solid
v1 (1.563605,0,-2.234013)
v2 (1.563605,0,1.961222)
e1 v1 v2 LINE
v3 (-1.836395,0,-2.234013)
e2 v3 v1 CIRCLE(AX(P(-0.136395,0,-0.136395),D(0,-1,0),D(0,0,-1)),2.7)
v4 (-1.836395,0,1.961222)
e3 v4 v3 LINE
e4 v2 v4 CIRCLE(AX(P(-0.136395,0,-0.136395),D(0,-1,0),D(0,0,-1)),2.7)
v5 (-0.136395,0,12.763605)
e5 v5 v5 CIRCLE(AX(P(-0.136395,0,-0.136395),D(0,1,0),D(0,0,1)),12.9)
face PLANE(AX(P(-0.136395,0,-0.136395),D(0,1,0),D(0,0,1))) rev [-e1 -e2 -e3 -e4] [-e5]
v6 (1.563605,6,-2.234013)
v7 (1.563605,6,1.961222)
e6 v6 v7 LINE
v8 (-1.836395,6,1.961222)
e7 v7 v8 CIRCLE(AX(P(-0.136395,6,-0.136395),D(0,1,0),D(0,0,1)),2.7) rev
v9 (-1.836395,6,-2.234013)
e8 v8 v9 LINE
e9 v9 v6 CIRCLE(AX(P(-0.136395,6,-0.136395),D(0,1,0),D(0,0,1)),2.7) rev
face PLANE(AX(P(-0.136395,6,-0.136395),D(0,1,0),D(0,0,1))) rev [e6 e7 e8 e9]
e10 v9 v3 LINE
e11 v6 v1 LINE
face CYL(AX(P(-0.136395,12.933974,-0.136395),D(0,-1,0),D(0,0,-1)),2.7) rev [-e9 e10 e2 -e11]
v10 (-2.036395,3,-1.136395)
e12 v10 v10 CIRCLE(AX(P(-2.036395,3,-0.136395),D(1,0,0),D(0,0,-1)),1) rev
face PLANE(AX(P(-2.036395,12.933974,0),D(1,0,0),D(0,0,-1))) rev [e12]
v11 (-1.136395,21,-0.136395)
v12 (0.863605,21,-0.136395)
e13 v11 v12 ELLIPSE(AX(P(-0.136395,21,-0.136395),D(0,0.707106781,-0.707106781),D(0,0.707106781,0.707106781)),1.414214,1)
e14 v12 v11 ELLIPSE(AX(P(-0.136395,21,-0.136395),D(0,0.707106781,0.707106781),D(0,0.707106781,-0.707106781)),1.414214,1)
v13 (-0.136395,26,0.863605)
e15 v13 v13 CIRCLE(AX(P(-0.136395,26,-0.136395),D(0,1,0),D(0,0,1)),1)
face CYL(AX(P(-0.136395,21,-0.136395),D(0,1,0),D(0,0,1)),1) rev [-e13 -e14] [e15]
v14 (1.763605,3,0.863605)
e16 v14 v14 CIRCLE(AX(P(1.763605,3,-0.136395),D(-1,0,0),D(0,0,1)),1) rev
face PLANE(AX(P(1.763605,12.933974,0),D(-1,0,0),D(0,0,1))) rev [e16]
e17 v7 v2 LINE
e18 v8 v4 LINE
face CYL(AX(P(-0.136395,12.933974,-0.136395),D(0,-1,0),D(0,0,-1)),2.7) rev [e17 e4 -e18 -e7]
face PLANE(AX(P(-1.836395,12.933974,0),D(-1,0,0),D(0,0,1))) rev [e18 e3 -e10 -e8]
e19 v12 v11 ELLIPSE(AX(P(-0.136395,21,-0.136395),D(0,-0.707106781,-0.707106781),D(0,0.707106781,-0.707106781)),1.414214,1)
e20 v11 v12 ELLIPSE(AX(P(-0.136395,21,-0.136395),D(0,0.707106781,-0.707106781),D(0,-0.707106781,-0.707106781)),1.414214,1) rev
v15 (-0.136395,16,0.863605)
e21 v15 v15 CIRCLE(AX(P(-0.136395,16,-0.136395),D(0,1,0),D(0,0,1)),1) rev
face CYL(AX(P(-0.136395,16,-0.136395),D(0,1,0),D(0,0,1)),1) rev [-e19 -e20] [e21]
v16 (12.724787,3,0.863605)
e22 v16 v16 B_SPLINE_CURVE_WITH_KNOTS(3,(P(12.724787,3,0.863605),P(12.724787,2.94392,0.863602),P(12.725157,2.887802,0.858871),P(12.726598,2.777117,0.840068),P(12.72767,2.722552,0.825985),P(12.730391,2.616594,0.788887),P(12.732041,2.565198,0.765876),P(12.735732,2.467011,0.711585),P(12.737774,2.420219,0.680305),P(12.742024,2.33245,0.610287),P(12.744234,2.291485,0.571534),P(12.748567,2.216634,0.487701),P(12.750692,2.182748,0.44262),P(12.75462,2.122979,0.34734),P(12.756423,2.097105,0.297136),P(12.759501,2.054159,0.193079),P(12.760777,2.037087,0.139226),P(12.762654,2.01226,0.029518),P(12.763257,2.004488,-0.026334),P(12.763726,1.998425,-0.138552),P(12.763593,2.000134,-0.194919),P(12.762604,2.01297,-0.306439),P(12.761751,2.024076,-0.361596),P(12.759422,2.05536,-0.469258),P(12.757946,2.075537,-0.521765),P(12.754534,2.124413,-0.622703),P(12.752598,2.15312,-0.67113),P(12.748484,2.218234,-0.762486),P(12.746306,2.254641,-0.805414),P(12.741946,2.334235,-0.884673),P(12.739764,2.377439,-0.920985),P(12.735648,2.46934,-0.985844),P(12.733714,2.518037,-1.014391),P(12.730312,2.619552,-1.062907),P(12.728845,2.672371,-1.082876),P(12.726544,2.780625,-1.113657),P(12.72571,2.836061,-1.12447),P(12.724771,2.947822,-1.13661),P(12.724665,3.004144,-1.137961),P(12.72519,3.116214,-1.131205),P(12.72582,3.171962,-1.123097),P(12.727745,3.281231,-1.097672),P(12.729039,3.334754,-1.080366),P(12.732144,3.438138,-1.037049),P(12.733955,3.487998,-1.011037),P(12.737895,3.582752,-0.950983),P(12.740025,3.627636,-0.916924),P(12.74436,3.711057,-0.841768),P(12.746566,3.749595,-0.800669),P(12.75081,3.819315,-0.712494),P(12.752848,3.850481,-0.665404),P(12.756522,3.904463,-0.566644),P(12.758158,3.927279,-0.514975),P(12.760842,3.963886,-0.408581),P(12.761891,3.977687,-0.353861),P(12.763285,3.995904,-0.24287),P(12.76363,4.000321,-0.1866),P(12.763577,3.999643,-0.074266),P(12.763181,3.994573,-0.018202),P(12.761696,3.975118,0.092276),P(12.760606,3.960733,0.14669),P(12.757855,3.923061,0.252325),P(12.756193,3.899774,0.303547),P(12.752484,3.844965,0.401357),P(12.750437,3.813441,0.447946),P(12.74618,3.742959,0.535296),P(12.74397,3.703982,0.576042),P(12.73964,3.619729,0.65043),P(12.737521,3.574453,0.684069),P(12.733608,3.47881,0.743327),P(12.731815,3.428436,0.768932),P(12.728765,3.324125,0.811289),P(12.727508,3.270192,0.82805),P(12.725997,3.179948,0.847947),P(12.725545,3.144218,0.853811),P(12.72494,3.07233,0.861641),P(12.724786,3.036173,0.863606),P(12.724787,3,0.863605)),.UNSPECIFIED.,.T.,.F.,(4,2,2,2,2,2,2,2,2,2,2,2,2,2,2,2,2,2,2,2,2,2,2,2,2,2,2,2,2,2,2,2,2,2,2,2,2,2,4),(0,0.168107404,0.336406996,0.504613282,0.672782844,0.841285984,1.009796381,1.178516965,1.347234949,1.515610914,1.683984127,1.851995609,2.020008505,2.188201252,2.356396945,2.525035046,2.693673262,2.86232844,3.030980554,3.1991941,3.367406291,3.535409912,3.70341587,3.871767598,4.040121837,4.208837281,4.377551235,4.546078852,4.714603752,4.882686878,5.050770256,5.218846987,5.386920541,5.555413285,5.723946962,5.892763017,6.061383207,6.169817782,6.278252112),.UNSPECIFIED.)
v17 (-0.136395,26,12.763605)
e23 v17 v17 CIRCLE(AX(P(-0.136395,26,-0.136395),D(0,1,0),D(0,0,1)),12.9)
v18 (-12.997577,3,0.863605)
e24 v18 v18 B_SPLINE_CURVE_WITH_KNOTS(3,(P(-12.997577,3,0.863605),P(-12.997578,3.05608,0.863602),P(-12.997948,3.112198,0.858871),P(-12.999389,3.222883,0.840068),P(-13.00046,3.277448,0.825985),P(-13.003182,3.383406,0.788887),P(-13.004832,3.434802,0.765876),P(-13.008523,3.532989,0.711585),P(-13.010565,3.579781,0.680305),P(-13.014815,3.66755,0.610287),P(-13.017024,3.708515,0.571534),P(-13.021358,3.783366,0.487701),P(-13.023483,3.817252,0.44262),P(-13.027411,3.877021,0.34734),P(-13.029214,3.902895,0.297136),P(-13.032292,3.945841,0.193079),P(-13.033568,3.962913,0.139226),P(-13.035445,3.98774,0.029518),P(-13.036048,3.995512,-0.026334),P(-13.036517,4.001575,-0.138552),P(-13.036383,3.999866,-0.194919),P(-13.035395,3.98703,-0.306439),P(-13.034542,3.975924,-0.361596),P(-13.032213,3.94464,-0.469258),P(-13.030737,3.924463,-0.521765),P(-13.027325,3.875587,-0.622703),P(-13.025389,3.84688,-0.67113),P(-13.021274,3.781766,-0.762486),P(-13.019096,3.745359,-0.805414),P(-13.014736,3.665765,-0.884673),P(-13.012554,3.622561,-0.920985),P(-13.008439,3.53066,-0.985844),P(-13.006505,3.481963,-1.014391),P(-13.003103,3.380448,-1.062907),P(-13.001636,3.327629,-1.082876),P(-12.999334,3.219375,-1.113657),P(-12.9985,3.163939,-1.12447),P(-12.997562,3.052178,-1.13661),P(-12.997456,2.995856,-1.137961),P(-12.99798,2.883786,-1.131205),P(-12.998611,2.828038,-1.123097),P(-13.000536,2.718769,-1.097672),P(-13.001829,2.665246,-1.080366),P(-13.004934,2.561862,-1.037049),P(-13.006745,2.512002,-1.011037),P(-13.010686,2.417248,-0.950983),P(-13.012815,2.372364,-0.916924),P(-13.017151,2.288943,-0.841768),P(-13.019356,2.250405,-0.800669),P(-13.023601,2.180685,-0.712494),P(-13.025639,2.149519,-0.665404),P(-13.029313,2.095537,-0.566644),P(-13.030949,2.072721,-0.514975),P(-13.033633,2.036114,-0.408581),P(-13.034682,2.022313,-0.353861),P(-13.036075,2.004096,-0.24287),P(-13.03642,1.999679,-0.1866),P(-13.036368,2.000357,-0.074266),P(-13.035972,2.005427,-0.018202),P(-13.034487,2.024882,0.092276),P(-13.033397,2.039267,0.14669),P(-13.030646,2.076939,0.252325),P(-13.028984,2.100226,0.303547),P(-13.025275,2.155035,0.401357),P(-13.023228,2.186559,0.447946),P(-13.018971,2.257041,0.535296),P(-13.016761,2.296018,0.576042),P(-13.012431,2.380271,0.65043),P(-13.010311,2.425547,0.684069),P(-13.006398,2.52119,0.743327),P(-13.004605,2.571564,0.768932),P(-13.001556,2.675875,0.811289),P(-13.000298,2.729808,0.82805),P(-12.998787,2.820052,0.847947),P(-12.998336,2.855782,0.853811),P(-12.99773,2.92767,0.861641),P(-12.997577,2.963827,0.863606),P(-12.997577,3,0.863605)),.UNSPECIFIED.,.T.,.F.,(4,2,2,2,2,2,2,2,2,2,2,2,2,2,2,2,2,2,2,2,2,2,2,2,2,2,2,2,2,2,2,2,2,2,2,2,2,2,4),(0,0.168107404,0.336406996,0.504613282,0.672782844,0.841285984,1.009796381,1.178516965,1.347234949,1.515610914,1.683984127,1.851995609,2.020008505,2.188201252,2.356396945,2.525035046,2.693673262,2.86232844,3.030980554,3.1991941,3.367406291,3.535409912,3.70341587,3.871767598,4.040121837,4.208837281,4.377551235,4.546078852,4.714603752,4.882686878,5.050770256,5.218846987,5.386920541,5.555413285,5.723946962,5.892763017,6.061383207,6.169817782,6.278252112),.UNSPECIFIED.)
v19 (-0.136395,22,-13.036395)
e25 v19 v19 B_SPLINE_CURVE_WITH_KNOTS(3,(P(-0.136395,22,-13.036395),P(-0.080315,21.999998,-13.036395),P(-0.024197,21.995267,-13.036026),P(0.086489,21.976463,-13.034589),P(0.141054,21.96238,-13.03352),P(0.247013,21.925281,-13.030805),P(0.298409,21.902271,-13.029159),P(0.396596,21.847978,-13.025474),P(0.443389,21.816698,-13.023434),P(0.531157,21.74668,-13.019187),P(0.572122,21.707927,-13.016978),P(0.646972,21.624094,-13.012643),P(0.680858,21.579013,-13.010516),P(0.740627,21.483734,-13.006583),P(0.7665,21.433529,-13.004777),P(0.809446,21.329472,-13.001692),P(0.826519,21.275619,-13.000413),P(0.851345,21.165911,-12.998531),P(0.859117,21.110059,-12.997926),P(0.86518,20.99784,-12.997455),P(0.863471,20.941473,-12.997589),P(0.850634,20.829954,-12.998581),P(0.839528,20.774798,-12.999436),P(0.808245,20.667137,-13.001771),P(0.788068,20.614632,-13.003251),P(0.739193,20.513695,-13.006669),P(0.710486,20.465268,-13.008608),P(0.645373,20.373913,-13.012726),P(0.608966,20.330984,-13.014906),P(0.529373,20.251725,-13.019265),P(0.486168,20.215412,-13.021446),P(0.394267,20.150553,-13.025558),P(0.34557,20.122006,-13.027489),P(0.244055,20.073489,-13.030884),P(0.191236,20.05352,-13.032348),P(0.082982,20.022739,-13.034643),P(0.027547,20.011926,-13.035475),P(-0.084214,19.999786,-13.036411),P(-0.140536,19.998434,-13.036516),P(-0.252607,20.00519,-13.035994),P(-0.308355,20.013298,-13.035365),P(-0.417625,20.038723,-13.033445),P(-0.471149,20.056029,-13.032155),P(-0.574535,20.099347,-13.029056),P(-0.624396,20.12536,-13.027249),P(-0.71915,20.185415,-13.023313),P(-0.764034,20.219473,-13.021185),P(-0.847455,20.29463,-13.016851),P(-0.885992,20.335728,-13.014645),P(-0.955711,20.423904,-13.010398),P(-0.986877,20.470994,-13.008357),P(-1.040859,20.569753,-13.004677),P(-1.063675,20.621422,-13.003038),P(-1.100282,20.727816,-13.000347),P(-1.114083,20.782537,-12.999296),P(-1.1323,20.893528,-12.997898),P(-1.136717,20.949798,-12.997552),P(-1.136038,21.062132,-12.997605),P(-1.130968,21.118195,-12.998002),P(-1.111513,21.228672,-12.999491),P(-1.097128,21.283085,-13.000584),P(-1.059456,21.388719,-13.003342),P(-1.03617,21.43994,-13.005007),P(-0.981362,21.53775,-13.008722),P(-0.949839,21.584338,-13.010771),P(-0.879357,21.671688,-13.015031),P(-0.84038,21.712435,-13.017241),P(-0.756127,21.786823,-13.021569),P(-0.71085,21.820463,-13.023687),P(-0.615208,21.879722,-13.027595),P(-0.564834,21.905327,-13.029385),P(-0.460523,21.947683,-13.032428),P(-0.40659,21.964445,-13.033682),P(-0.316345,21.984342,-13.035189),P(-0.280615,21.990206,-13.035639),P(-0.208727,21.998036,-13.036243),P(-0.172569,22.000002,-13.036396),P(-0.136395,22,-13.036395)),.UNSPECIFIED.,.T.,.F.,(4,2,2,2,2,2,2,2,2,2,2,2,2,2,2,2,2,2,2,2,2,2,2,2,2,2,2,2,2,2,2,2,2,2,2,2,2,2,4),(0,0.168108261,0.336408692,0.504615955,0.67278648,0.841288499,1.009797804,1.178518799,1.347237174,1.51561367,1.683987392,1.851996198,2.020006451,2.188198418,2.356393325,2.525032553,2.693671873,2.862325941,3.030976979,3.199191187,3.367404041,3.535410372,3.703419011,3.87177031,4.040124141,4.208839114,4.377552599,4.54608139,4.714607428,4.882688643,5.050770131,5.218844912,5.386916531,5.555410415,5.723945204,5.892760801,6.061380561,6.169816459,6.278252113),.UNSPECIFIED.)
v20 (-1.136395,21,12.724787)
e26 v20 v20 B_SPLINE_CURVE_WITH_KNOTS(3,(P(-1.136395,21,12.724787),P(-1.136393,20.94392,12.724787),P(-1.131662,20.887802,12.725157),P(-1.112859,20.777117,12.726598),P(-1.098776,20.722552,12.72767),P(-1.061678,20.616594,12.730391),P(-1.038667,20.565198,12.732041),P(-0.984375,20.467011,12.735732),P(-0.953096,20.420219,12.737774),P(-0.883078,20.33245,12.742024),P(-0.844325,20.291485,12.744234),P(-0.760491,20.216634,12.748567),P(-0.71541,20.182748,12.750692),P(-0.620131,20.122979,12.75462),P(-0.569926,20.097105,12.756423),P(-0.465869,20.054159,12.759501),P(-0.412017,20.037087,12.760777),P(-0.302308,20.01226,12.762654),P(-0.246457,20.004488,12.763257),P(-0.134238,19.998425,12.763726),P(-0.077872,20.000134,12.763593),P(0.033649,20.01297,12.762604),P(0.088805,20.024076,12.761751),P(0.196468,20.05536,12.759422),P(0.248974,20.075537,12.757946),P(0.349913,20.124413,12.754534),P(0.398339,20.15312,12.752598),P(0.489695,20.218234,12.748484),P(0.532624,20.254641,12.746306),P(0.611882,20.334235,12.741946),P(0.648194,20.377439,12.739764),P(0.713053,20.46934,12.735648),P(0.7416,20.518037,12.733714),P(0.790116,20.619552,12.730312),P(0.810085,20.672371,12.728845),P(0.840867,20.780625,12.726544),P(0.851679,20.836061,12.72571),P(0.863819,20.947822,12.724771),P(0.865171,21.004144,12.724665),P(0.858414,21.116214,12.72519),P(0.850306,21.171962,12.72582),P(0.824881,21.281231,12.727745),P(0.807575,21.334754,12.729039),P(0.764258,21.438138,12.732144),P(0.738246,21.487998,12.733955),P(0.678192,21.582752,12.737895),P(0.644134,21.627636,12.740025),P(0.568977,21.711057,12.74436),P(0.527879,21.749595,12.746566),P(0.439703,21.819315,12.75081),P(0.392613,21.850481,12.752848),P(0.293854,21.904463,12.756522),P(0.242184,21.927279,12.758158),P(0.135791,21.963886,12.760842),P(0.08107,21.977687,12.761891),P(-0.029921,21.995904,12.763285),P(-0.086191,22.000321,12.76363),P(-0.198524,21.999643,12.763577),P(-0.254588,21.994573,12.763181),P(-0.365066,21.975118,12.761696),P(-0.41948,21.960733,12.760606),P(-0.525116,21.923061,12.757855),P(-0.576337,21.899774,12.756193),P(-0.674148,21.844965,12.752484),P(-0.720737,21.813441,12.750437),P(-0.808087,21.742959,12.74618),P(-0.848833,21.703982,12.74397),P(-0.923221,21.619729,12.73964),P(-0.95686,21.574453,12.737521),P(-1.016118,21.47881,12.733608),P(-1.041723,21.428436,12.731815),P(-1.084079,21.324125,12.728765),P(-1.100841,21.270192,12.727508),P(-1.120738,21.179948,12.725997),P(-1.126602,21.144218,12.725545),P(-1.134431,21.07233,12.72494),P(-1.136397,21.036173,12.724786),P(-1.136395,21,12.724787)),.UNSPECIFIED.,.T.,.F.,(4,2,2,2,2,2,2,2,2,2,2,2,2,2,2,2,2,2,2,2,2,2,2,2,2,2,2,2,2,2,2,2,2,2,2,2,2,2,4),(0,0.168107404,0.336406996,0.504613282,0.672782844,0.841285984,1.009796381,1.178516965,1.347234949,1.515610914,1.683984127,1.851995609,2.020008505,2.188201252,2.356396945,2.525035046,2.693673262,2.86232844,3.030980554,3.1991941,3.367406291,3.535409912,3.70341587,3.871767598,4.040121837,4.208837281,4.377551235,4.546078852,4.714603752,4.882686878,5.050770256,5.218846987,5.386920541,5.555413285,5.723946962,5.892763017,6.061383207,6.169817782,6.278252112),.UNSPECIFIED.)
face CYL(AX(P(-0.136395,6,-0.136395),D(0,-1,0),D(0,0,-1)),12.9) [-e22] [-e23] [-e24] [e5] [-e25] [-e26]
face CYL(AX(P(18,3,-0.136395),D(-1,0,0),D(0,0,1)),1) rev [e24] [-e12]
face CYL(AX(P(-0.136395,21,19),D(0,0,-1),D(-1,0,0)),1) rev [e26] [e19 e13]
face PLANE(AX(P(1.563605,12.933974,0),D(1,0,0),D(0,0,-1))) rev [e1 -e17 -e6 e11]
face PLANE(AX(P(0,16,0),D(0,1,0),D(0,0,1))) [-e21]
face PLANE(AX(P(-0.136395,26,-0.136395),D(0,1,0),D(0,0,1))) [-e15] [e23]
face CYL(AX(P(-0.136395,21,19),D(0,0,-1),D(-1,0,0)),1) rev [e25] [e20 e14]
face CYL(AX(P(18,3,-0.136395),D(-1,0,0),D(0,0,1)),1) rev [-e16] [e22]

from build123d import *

# Parameters (mm, degrees)
SKETCH1_R               = 12.9
BOSS_EXTRUDE1_DEPTH     = 6
SKETCH2_R               = 12.9
BOSS_EXTRUDE2_DEPTH     = 20
SKETCH3_R               = 1
CUT_EXTRUDE2_DEPTH      = 5
SKETCH4_R               = 1
CUT_EXTRUDE3_DEPTH      = 18
CUT_EXTRUDE3_DEPTH_BACK = 19
CUT_EXTRUDE4_DEPTH      = 19
CUT_EXTRUDE4_DEPTH_BACK = 19
BOSS_EXTRUDE3_DEPTH     = 6
SKETCH7_R               = 1
CUT_EXTRUDE5_DEPTH      = 10


with BuildPart() as part:
    # Sketch1 → Boss-Extrude1 (new body)
    with BuildSketch(Plane(origin=(0, 0, 0), x_dir=(1, 0, 0), z_dir=(0, 1, 0))):
        with Locations((-0.136395343, 0.136395343)):
            Circle(SKETCH1_R)
        with BuildLine():
            Line((-2.036395343, -1.607164235), (-2.036395343, -2.054494887))
            ThreePointArc((-2.036395343, -2.054494887), (-1.150401835, -2.580549786), (-0.136395343, -2.763604657))
            ThreePointArc((-0.136395343, -2.763604657), (0.877611149, -2.580549786), (1.763604657, -2.054494887))
            Line((1.763604657, -2.054494887), (1.763604657, -1.607164235))
            Line((1.763604657, -1.607164235), (1.763604657, 1.87995492))
            Line((1.763604657, 1.87995492), (1.763604657, 2.327285573))
            ThreePointArc((1.763604657, 2.327285573), (0.877611149, 2.853340472), (-0.136395343, 3.036395343))
            ThreePointArc((-0.136395343, 3.036395343), (-1.150401835, 2.853340472), (-2.036395343, 2.327285573))
            Line((-2.036395343, 2.327285573), (-2.036395343, 1.87995492))
            Line((-2.036395343, 1.87995492), (-2.036395343, -1.607164235))
        make_face(mode=Mode.SUBTRACT)
    extrude(amount=BOSS_EXTRUDE1_DEPTH)

    # Sketch2 → Boss-Extrude2 (add)
    with BuildSketch(Plane(origin=(0, 6, 0), x_dir=(1, 0, 0), z_dir=(0, 1, 0))):
        with Locations((-0.136395343, 0.136395343)):
            Circle(SKETCH2_R)
    extrude(amount=BOSS_EXTRUDE2_DEPTH)

    # Sketch3 → Cut-Extrude2 (cut)
    with BuildSketch(Plane(origin=(0, 26, 0), x_dir=(1, 0, 0), z_dir=(0, 1, 0))):
        with Locations((-0.136395343, 0.136395343)):
            Circle(SKETCH3_R)
    extrude(amount=-CUT_EXTRUDE2_DEPTH, mode=Mode.SUBTRACT)

    # Sketch4 → Cut-Extrude3 (cut, two sides)
    with BuildSketch(Plane(origin=(0, 0, 0), x_dir=(0, 0, -1), z_dir=(1, 0, 0))) as cut_extrude3_sk:
        with Locations((0.136395343, 3)):
            Circle(SKETCH4_R)
    extrude(amount=CUT_EXTRUDE3_DEPTH, mode=Mode.SUBTRACT)
    extrude(cut_extrude3_sk.sketch, amount=-CUT_EXTRUDE3_DEPTH_BACK, mode=Mode.SUBTRACT)

    # Sketch5 → Cut-Extrude4 (cut, two sides)
    with BuildSketch(Plane.XY) as cut_extrude4_sk:
        with BuildLine():
            ThreePointArc((-1.136395343, 21), (-0.136395343, 20), (0.863604657, 21))
            Line((0.863604657, 21), (-1.136395343, 21))
        make_face()
        with BuildLine():
            Line((-1.136395343, 21), (0.863604657, 21))
            ThreePointArc((0.863604657, 21), (-0.136395343, 22), (-1.136395343, 21))
        make_face()
        with BuildLine():
            ThreePointArc((-1.136395343, 21), (-0.136395343, 20), (0.863604657, 21))
            Line((0.863604657, 21), (-1.136395343, 21))
        make_face()
        with BuildLine():
            Line((-1.136395343, 21), (0.863604657, 21))
            ThreePointArc((0.863604657, 21), (-0.136395343, 22), (-1.136395343, 21))
        make_face()
    extrude(amount=CUT_EXTRUDE4_DEPTH, mode=Mode.SUBTRACT)
    extrude(cut_extrude4_sk.sketch, amount=-CUT_EXTRUDE4_DEPTH_BACK, mode=Mode.SUBTRACT)

    # Sketch6 → Boss-Extrude3 (add)
    with BuildSketch(Plane.XZ):
        with BuildLine():
            ThreePointArc((-2.036395343, 2.054494887), (-0.136395343, 2.763604657), (1.763604657, 2.054494887))
            Line((1.763604657, 2.054494887), (1.763604657, -2.327285573))
            ThreePointArc((1.763604657, -2.327285573), (-0.136395343, -3.036395343), (-2.036395343, -2.327285573))
            Line((-2.036395343, -2.327285573), (-2.036395343, 2.054494887))
        make_face()
        with BuildLine():
            ThreePointArc((-0.136395343, 2.563604657), (-1.038180301, 2.408557287), (-1.836395343, 1.961222353))
            Line((-1.836395343, 1.961222353), (-1.836395343, 1.607164235))
            Line((-1.836395343, 1.607164235), (-1.836395343, -1.87995492))
            Line((-1.836395343, -1.87995492), (-1.836395343, -2.234013039))
            ThreePointArc((-1.836395343, -2.234013039), (-1.038180301, -2.681347973), (-0.136395343, -2.836395343))
            ThreePointArc((-0.136395343, -2.836395343), (0.765389615, -2.681347973), (1.563604657, -2.234013039))
            Line((1.563604657, -2.234013039), (1.563604657, -1.87995492))
            Line((1.563604657, -1.87995492), (1.563604657, 1.607164235))
            Line((1.563604657, 1.607164235), (1.563604657, 1.961222353))
            ThreePointArc((1.563604657, 1.961222353), (0.765389615, 2.408557287), (-0.136395343, 2.563604657))
        make_face(mode=Mode.SUBTRACT)
    extrude(amount=-BOSS_EXTRUDE3_DEPTH)

    # Sketch7 → Cut-Extrude5 (cut)
    with BuildSketch(Plane(origin=(0, 26, 0), x_dir=(1, 0, 0), z_dir=(0, 1, 0))):
        with Locations((-0.136395343, 0.136395343)):
            Circle(SKETCH7_R)
        with Locations((-0.136395343, 0.136395343)):
            Circle(SKETCH7_R)
    extrude(amount=-CUT_EXTRUDE5_DEPTH, mode=Mode.SUBTRACT)


solid = part.part
